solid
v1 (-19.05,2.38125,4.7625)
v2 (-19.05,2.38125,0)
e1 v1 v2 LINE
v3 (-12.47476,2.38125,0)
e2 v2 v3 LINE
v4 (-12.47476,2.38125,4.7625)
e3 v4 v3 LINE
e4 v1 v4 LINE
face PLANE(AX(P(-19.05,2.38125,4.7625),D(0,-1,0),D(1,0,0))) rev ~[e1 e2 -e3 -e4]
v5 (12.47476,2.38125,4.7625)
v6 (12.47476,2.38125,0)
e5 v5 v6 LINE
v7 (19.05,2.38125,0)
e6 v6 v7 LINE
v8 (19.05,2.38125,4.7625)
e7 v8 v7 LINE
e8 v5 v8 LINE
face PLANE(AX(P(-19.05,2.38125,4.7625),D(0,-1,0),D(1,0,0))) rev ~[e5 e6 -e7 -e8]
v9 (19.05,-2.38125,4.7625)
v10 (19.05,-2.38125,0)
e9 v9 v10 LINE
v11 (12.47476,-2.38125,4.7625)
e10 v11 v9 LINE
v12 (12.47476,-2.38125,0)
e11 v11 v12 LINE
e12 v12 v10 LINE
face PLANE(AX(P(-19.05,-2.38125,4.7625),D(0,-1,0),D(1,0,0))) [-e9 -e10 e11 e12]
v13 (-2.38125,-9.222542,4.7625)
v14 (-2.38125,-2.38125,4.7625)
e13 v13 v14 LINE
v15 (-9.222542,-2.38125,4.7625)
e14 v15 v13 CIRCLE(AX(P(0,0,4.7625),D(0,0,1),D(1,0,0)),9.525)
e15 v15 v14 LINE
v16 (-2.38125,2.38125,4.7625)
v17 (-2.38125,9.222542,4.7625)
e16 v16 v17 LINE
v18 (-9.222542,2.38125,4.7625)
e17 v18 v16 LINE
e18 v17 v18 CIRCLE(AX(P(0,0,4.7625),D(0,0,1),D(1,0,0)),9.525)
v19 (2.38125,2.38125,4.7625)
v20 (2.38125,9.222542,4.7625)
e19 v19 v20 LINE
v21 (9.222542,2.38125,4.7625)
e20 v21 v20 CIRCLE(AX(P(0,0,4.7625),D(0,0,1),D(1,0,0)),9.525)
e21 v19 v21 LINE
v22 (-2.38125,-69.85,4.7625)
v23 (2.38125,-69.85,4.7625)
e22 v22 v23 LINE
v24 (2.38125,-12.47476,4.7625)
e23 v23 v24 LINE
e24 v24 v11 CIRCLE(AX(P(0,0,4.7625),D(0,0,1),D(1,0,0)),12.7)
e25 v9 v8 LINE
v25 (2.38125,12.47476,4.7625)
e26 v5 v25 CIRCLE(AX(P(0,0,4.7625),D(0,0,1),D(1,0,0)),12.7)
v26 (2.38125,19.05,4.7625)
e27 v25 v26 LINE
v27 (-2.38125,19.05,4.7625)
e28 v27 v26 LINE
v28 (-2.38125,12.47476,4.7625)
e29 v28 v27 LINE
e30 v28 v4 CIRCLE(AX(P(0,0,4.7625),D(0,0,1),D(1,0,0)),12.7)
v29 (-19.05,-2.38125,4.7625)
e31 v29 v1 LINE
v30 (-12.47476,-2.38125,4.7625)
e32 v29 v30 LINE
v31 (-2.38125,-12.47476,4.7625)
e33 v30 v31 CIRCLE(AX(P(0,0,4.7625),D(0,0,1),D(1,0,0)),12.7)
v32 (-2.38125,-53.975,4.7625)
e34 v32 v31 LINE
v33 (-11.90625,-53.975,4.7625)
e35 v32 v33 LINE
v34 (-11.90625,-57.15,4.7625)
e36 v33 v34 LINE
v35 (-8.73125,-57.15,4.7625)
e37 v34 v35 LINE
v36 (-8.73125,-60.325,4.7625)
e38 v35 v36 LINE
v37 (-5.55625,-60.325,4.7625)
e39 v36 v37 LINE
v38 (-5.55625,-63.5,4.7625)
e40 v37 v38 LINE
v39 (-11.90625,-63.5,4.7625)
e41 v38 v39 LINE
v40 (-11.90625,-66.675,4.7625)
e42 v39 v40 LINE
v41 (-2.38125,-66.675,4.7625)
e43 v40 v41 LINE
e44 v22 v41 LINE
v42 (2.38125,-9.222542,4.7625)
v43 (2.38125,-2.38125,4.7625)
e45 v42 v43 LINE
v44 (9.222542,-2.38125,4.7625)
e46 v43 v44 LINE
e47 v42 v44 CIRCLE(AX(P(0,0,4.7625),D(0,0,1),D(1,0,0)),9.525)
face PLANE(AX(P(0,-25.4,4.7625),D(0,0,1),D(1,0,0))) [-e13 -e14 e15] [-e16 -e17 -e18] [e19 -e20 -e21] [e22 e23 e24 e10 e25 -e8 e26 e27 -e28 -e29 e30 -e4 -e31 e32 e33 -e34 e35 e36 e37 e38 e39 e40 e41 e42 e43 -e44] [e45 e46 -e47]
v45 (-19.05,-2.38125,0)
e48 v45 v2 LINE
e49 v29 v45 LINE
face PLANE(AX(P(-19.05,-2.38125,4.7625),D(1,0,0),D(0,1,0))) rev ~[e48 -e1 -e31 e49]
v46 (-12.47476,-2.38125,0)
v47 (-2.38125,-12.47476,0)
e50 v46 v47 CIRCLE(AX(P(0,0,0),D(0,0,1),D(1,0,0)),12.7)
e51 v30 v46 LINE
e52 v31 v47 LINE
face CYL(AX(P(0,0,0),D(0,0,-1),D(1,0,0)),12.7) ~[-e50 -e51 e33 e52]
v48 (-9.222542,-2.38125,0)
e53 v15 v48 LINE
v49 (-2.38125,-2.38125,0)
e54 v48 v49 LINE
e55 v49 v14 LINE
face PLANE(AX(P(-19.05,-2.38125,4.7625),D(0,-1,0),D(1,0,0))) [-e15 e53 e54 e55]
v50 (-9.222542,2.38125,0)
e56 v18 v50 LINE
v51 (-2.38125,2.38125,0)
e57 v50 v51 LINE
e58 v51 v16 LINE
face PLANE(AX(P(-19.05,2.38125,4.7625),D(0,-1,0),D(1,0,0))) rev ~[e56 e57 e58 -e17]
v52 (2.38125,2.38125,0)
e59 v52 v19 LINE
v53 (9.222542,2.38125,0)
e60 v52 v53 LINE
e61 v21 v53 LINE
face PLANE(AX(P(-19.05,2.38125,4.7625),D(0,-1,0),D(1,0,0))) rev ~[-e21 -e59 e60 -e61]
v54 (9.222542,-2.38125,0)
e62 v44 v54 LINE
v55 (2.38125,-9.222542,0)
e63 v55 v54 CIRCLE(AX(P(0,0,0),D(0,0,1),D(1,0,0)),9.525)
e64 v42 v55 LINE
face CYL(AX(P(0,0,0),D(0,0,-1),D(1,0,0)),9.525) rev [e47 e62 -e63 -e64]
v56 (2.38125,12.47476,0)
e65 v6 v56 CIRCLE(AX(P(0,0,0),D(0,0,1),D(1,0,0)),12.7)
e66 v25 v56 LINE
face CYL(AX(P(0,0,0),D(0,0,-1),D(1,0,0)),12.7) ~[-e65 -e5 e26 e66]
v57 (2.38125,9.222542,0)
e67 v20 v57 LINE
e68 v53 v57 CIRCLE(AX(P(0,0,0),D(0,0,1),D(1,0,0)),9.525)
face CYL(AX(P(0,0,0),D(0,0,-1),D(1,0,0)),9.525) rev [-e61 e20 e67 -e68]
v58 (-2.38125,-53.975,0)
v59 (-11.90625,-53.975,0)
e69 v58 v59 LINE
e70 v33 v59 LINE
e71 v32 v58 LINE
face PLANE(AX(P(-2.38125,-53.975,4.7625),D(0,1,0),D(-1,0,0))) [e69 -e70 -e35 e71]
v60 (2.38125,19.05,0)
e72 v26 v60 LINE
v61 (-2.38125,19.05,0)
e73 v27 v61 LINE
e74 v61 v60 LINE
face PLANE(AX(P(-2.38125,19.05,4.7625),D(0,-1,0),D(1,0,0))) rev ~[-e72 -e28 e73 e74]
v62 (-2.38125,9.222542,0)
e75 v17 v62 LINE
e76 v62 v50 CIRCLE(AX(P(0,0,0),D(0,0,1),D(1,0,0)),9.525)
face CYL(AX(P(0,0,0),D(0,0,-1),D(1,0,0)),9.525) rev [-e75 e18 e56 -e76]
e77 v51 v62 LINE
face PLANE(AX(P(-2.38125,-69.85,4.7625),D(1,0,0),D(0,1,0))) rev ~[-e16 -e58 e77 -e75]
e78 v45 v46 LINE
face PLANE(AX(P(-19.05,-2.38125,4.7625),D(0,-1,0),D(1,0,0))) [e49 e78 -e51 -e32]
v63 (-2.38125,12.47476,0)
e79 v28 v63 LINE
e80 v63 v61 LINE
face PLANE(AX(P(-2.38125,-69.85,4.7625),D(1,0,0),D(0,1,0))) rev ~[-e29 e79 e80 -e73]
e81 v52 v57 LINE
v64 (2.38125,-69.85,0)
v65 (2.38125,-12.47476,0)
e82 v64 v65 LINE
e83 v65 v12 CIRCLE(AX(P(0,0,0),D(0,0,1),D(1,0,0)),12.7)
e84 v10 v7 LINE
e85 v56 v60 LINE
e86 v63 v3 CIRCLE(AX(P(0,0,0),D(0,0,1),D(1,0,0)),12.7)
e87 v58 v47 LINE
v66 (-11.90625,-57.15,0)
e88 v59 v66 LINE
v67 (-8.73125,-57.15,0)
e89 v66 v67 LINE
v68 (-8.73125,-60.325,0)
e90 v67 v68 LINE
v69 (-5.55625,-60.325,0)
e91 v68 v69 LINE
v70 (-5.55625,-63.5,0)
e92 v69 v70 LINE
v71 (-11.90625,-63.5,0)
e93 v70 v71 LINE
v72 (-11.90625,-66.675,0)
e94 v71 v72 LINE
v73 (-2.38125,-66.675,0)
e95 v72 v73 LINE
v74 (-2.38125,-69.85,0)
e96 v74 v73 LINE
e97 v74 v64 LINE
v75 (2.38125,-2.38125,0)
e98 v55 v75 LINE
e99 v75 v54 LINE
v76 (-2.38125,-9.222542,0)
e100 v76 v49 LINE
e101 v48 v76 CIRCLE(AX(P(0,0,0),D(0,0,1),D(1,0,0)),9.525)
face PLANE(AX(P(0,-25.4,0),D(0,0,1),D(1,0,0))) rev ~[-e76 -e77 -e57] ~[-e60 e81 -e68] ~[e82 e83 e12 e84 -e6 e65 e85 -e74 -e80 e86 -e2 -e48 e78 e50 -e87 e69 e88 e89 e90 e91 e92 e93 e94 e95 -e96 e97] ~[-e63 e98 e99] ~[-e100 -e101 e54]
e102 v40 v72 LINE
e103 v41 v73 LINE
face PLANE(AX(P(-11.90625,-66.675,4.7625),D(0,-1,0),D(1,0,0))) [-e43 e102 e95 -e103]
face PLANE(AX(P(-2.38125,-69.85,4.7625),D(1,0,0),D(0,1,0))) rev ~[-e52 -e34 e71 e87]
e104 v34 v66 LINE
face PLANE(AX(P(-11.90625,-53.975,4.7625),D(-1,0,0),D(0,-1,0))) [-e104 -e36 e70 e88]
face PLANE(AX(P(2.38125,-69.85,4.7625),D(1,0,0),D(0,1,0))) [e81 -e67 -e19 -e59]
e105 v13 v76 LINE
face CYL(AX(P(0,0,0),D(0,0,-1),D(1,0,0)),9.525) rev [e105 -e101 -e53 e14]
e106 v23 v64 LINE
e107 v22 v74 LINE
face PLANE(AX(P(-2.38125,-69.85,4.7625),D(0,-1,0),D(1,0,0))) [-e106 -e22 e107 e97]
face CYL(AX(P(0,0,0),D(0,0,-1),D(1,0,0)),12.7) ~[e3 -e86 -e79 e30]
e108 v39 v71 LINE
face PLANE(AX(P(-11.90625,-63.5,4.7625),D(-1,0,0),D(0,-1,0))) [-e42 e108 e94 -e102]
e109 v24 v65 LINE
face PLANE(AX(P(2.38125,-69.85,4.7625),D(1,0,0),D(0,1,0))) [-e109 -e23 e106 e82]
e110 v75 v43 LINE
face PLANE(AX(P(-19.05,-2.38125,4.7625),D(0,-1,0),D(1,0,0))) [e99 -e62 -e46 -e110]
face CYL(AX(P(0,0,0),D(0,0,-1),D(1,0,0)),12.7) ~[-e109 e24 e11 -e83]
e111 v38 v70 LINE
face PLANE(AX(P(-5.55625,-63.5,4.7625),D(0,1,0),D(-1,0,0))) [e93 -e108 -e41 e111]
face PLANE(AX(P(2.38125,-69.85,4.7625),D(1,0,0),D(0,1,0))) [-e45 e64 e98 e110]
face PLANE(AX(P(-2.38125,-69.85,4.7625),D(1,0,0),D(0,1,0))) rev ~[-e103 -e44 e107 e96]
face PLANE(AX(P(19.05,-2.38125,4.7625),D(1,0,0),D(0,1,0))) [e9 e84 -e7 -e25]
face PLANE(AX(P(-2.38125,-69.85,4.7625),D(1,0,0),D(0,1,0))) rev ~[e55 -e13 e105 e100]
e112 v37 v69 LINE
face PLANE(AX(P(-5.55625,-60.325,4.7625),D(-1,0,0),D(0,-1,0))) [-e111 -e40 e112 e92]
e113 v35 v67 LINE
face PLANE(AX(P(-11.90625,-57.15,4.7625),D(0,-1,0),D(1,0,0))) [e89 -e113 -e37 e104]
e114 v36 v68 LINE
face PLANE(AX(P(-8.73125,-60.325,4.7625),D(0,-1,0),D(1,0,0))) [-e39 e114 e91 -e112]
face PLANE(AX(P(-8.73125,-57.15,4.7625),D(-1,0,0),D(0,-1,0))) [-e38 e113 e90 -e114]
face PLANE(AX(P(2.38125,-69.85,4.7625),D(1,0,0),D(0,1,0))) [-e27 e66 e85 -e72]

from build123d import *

# Parameters (mm, degrees)
F0_R     = 12.7
F0_R_2   = 9.525
F1_DEPTH = 4.7625
F2_W     = 38.1
F2_H     = 4.7625
F3_DEPTH = 4.7625
F4_W     = 4.7625
F4_H     = 88.9
F5_DEPTH = 4.7625
F7_DEPTH = 4.7625


with BuildPart() as f1:
    # F0 (on Top) → F1 (new body)
    with BuildSketch(Plane.XY):
        Circle(F0_R)
        Circle(F0_R_2, mode=Mode.SUBTRACT)
    extrude(amount=F1_DEPTH)

    # F2 (on face) → F3 (join)
    with BuildSketch(Plane.XY.offset(4.7625)):
        Rectangle(F2_W, F2_H)
    extrude(amount=-F3_DEPTH)

    # F4 (on face) → F5 (join)
    with BuildSketch(Plane.XY.offset(4.7625)):
        with Locations((0, -25.4)):
            Rectangle(F4_W, F4_H)
    extrude(amount=-F5_DEPTH)

    # F6 (on face) → F7 (join)
    with BuildSketch(Plane.XY.offset(4.7625)):
        Polygon((-2.38125, -66.675), (-2.38125, -53.975), (-11.90625, -53.975), (-11.90625, -57.15), (-8.73125, -57.15), (-8.73125, -60.325), (-5.55625, -60.325), (-5.55625, -63.5), (-11.90625, -63.5), (-11.90625, -66.675), align=None)
    extrude(amount=-F7_DEPTH)


solid = f1.part
